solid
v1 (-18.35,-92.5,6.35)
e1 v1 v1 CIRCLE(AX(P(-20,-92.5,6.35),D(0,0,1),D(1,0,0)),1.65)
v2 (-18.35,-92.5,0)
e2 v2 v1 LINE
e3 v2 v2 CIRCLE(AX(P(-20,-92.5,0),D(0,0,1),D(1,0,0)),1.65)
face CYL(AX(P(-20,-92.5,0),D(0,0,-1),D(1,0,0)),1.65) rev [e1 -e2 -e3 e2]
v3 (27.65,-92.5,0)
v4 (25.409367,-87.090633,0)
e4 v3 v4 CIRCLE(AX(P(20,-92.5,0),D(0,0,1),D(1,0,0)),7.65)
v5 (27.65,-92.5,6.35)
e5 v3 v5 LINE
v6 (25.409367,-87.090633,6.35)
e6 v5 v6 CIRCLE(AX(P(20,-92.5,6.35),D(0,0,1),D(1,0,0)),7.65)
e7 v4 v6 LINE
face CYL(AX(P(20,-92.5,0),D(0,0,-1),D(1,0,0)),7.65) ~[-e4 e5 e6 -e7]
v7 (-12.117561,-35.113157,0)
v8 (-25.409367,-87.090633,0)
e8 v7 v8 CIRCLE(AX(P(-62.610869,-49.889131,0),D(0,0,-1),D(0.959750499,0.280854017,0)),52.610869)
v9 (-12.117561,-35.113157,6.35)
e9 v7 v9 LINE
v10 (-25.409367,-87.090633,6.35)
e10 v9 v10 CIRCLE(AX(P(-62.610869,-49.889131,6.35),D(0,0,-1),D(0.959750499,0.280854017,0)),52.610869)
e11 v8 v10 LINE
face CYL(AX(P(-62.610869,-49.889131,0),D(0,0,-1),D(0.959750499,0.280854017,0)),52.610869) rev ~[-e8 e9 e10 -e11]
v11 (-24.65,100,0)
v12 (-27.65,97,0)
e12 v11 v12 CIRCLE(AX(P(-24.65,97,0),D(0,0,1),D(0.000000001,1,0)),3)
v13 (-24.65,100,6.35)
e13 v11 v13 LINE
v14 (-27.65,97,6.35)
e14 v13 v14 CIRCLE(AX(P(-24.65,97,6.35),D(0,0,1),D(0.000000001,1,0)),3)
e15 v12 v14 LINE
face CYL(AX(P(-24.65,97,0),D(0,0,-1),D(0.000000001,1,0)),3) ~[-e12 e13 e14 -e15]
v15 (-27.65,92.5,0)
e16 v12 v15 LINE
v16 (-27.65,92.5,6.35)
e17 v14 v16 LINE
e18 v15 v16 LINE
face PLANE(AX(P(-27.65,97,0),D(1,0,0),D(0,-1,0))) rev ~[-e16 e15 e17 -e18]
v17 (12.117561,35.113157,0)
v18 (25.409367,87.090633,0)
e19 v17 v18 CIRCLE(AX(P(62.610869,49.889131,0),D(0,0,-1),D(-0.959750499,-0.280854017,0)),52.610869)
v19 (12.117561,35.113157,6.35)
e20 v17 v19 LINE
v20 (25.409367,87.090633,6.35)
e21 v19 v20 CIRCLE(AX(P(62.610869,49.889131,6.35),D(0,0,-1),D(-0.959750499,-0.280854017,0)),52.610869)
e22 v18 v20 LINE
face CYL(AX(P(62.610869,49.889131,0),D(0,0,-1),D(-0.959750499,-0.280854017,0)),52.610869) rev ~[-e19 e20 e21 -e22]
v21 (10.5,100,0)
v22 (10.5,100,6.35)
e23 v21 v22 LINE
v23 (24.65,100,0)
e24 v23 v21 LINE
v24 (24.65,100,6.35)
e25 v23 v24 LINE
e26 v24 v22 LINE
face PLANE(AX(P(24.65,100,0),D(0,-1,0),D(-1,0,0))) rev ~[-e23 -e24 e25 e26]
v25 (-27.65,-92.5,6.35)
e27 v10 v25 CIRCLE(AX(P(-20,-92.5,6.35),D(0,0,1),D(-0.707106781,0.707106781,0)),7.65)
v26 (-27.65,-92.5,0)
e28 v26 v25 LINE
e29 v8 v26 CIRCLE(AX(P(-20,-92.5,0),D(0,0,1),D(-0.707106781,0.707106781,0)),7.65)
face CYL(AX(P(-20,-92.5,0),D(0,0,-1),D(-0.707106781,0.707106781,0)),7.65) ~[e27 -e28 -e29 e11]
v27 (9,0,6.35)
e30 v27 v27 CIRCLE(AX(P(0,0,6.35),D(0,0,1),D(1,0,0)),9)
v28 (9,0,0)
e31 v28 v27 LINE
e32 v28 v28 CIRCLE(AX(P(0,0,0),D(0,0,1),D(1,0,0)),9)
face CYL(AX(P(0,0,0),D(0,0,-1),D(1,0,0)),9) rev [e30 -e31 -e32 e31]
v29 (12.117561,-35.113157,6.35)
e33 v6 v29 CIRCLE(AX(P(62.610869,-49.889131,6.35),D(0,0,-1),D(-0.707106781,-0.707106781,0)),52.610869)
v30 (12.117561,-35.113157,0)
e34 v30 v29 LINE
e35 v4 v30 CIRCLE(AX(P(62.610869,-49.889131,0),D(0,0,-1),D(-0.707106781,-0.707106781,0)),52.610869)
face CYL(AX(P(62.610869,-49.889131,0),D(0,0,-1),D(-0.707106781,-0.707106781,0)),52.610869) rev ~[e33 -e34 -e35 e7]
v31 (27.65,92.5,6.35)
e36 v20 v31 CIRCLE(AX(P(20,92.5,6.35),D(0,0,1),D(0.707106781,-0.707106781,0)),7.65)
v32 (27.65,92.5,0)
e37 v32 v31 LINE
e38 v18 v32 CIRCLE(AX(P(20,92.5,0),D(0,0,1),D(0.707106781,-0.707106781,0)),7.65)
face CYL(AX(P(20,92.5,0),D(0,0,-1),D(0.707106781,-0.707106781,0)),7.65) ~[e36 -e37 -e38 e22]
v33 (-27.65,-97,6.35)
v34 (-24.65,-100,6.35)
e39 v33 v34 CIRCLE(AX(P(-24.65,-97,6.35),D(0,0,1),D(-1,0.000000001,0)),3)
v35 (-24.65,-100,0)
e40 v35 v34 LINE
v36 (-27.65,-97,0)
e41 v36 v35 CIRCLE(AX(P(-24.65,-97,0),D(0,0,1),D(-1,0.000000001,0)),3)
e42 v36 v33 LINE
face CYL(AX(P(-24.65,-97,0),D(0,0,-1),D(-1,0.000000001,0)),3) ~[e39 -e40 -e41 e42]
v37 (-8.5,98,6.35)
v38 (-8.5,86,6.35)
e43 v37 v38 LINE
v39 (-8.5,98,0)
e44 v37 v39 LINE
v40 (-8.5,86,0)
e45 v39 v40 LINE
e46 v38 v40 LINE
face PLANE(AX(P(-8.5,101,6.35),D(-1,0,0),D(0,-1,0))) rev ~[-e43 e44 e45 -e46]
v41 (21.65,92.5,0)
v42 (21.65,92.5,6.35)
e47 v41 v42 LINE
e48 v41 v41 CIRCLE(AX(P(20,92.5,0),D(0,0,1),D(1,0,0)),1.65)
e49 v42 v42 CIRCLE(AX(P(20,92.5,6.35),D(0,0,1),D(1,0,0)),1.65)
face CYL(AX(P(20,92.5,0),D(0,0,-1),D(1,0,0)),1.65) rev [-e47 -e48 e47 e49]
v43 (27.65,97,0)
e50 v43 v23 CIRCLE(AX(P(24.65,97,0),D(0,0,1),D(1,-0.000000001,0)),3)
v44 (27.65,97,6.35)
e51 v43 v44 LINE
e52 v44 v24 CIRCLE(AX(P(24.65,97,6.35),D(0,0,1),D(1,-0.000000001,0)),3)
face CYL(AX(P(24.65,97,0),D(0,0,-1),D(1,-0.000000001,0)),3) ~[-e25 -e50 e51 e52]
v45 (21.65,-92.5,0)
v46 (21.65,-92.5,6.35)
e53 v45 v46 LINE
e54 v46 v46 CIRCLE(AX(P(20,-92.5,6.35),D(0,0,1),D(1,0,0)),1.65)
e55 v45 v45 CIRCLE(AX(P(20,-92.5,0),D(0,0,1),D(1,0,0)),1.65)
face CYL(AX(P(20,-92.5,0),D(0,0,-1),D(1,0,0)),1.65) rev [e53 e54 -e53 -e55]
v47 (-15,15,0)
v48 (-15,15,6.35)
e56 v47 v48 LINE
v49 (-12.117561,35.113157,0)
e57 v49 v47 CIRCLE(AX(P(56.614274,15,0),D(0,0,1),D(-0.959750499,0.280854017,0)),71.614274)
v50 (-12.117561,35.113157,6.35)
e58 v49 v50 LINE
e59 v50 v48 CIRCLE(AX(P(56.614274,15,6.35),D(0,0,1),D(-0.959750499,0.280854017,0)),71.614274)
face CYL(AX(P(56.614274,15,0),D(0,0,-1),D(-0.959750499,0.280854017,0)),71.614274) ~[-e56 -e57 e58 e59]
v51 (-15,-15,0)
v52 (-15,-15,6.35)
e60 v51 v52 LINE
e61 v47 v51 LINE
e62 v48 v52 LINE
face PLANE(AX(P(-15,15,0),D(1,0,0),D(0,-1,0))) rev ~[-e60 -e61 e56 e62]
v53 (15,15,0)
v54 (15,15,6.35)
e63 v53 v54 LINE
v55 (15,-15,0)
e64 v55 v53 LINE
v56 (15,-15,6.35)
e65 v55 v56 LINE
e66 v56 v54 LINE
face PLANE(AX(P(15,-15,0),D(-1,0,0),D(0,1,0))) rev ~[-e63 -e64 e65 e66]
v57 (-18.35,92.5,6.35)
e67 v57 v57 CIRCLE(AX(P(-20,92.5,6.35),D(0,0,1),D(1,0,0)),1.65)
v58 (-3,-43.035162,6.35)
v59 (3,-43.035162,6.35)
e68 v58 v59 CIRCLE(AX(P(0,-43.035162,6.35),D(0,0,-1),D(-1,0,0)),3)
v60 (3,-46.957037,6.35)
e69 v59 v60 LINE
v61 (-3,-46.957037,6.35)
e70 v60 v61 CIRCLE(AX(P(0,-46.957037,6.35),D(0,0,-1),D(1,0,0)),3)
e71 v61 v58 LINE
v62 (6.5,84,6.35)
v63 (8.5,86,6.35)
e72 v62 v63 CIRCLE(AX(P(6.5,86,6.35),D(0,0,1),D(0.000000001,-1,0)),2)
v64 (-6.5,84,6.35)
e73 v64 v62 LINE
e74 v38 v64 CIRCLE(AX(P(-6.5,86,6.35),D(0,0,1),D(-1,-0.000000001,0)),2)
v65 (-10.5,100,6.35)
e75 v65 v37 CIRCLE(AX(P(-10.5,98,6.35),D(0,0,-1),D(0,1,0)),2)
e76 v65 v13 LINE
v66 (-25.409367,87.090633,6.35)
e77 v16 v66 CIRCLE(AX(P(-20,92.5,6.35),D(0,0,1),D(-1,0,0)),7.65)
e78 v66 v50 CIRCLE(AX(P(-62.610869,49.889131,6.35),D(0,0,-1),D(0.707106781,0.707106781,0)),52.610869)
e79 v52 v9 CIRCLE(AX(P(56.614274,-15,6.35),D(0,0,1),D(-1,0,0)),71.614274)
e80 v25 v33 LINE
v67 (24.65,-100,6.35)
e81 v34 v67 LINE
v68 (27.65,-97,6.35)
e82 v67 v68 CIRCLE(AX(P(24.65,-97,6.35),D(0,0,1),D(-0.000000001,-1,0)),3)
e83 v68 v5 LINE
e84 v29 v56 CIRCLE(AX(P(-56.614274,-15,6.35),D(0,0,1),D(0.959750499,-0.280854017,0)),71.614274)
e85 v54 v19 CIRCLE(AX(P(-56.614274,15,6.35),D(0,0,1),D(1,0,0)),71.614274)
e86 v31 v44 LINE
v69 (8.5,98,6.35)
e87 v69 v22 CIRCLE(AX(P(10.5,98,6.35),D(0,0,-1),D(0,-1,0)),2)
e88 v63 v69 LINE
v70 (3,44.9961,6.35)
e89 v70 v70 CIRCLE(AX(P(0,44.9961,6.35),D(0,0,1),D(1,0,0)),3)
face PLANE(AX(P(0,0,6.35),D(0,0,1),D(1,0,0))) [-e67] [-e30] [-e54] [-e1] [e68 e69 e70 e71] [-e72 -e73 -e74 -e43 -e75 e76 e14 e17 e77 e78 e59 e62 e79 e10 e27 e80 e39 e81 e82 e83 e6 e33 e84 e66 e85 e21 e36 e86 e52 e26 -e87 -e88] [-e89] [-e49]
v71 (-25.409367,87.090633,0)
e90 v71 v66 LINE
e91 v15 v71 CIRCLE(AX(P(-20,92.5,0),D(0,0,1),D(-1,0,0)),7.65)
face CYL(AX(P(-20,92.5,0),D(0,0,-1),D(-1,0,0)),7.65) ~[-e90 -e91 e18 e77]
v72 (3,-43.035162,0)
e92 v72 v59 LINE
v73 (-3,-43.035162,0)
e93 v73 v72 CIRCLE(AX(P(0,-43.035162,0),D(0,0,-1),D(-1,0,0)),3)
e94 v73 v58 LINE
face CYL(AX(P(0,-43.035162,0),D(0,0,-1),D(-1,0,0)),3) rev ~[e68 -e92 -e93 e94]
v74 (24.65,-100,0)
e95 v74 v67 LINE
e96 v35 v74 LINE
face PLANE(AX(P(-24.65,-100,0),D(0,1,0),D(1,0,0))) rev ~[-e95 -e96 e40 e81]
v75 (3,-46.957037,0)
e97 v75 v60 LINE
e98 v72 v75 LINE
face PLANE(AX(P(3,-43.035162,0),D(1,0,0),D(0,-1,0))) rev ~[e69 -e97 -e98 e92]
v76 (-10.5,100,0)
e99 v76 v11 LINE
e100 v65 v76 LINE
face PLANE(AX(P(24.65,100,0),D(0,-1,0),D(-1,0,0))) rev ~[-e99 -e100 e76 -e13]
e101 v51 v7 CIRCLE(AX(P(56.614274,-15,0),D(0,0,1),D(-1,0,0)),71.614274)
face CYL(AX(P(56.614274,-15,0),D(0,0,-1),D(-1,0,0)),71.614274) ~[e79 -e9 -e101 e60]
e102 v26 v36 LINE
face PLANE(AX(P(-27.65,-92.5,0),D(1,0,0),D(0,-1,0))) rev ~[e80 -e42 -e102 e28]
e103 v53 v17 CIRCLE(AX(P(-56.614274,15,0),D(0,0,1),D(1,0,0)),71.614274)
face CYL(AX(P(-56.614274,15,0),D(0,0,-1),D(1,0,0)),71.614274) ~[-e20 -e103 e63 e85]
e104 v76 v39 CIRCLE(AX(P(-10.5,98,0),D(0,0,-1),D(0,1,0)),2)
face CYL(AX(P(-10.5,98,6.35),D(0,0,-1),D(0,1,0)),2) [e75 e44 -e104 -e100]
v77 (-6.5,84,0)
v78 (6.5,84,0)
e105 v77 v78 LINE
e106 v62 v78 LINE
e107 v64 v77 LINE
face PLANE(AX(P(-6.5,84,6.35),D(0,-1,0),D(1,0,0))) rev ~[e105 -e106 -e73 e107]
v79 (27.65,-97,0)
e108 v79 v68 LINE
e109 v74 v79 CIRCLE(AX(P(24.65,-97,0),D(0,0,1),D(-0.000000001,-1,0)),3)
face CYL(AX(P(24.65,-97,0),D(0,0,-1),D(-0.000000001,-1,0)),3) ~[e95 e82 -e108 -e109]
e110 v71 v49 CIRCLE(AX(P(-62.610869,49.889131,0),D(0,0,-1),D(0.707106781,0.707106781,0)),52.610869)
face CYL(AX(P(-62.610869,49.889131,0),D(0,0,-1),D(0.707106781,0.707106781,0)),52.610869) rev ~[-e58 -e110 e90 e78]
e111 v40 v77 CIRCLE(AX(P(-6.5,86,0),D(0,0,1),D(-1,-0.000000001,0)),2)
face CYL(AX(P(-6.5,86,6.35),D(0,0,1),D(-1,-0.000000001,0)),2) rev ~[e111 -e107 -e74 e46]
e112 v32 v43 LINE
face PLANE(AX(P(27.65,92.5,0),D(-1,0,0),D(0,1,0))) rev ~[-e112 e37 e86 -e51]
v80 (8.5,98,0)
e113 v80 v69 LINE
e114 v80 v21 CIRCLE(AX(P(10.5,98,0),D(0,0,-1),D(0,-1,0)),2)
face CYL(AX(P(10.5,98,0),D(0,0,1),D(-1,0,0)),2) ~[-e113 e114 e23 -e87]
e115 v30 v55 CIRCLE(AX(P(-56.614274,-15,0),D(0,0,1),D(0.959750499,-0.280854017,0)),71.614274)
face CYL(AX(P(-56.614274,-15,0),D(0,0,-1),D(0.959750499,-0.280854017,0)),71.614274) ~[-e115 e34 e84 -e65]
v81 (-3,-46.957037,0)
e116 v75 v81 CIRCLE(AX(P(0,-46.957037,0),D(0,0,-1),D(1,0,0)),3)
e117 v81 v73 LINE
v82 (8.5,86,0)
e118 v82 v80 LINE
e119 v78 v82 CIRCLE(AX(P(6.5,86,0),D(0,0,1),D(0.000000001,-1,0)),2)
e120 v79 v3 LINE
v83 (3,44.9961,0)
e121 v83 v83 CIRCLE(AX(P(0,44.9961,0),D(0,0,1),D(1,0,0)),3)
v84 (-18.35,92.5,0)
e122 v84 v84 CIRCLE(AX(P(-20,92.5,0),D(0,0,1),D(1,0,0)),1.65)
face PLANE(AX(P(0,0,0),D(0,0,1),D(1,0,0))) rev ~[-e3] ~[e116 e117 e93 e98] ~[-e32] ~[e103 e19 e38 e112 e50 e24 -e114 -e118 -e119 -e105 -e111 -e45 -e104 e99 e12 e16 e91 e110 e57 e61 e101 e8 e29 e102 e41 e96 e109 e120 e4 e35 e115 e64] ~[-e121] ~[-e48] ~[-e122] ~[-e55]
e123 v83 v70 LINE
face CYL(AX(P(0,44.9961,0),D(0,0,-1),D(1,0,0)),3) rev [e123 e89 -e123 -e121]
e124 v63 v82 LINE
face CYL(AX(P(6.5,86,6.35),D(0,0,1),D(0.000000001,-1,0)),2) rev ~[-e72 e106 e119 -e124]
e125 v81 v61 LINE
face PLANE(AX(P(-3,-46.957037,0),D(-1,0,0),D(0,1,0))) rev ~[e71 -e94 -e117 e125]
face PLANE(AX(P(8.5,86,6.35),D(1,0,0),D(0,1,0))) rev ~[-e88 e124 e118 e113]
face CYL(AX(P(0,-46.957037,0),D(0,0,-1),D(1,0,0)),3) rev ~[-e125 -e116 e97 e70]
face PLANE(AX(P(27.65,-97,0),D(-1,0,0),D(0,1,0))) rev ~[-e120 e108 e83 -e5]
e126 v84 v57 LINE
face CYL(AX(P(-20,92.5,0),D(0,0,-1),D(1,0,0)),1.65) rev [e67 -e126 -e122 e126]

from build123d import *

# Parameters (mm, degrees)
SKETCH1_R           = 9
SKETCH1_R_2         = 3
SKETCH1_R_3         = 1.65
BOSS_EXTRUDE1_DEPTH = 6.35
CUT_EXTRUDE1_DEPTH  = 10
FILLET1_R           = 2


with BuildPart() as part:
    # Sketch1 → Boss-Extrude1 (new body)
    with BuildSketch(Plane.XY):
        with BuildLine():
            Line((-15, 15), (-15, -15))
            ThreePointArc((-15, -15), (-14.275727836, -25.159324804), (-12.117561222, -35.113156605))
            ThreePointArc((-12.117561222, -35.113156605), (-11.640196728, -62.923473964), (-25.409366876, -87.090633124))
            ThreePointArc((-25.409366876, -87.090633124), (-27.067678424, -89.572471742), (-27.65, -92.5))
            Line((-27.65, -92.5), (-27.65, -97))
            ThreePointArc((-27.65, -97), (-26.771320344, -99.121320344), (-24.65, -100))
            Line((-24.65, -100), (24.65, -100))
            ThreePointArc((24.65, -100), (26.771320344, -99.121320344), (27.65, -97))
            Line((27.65, -97), (27.65, -92.5))
            ThreePointArc((27.65, -92.5), (27.067678424, -89.572471742), (25.409366876, -87.090633124))
            ThreePointArc((25.409366876, -87.090633124), (11.640196728, -62.923473964), (12.117561222, -35.113156605))
            ThreePointArc((12.117561222, -35.113156605), (14.275727836, -25.159324804), (15, -15))
            Line((15, -15), (15, 15))
            ThreePointArc((15, 15), (14.275727836, 25.159324804), (12.117561222, 35.113156605))
            ThreePointArc((12.117561222, 35.113156605), (11.640196728, 62.923473964), (25.409366876, 87.090633124))
            ThreePointArc((25.409366876, 87.090633124), (27.067678424, 89.572471742), (27.65, 92.5))
            Line((27.65, 92.5), (27.65, 97))
            ThreePointArc((27.65, 97), (26.771320344, 99.121320344), (24.65, 100))
            Line((24.65, 100), (-24.65, 100))
            ThreePointArc((-24.65, 100), (-26.771320344, 99.121320344), (-27.65, 97))
            Line((-27.65, 97), (-27.65, 92.5))
            ThreePointArc((-27.65, 92.5), (-27.067678424, 89.572471742), (-25.409366876, 87.090633124))
            ThreePointArc((-25.409366876, 87.090633124), (-11.640196728, 62.923473964), (-12.117561222, 35.113156605))
            ThreePointArc((-12.117561222, 35.113156605), (-14.275727836, 25.159324804), (-15, 15))
        make_face()
        Circle(SKETCH1_R, mode=Mode.SUBTRACT)
        with Locations((0, 44.9961)):
            Circle(SKETCH1_R_2, mode=Mode.SUBTRACT)
        with Locations((20, 92.5)):
            Circle(SKETCH1_R_3, mode=Mode.SUBTRACT)
        with Locations((-20, 92.5)):
            Circle(SKETCH1_R_3, mode=Mode.SUBTRACT)
        with Locations((-20, -92.5)):
            Circle(SKETCH1_R_3, mode=Mode.SUBTRACT)
        with Locations((20, -92.5)):
            Circle(SKETCH1_R_3, mode=Mode.SUBTRACT)
        with BuildLine():
            Line((3, -43.0351625), (3, -46.9570375))
            ThreePointArc((3, -46.9570375), (0, -49.9570375), (-3, -46.9570375))
            Line((-3, -46.9570375), (-3, -43.0351625))
            ThreePointArc((-3, -43.0351625), (0, -40.0351625), (3, -43.0351625))
        make_face(mode=Mode.SUBTRACT)
    extrude(amount=BOSS_EXTRUDE1_DEPTH)

    # Sketch3 → Cut-Extrude1 (cut)
    with BuildSketch(Plane.XY.offset(6.35)):
        with BuildLine():
            Line((-8.5, 101), (-8.5, 86))
            ThreePointArc((-8.5, 86), (-7.914213562, 84.585786438), (-6.5, 84))
            Line((-6.5, 84), (6.5, 84))
            ThreePointArc((6.5, 84), (7.914213562, 84.585786438), (8.5, 86))
            Line((8.5, 86), (8.5, 101))
            Line((8.5, 101), (-8.5, 101))
        make_face()
    extrude(amount=-CUT_EXTRUDE1_DEPTH, mode=Mode.SUBTRACT)

    # Fillet1
    fillet1_edges = [part.edges().sort_by_distance(p)[0] for p in [
        (-8.5, 100, 3.175),
        (8.5, 100, 3.175),
    ]]
    fillet(fillet1_edges, radius=FILLET1_R)


solid = part.part
